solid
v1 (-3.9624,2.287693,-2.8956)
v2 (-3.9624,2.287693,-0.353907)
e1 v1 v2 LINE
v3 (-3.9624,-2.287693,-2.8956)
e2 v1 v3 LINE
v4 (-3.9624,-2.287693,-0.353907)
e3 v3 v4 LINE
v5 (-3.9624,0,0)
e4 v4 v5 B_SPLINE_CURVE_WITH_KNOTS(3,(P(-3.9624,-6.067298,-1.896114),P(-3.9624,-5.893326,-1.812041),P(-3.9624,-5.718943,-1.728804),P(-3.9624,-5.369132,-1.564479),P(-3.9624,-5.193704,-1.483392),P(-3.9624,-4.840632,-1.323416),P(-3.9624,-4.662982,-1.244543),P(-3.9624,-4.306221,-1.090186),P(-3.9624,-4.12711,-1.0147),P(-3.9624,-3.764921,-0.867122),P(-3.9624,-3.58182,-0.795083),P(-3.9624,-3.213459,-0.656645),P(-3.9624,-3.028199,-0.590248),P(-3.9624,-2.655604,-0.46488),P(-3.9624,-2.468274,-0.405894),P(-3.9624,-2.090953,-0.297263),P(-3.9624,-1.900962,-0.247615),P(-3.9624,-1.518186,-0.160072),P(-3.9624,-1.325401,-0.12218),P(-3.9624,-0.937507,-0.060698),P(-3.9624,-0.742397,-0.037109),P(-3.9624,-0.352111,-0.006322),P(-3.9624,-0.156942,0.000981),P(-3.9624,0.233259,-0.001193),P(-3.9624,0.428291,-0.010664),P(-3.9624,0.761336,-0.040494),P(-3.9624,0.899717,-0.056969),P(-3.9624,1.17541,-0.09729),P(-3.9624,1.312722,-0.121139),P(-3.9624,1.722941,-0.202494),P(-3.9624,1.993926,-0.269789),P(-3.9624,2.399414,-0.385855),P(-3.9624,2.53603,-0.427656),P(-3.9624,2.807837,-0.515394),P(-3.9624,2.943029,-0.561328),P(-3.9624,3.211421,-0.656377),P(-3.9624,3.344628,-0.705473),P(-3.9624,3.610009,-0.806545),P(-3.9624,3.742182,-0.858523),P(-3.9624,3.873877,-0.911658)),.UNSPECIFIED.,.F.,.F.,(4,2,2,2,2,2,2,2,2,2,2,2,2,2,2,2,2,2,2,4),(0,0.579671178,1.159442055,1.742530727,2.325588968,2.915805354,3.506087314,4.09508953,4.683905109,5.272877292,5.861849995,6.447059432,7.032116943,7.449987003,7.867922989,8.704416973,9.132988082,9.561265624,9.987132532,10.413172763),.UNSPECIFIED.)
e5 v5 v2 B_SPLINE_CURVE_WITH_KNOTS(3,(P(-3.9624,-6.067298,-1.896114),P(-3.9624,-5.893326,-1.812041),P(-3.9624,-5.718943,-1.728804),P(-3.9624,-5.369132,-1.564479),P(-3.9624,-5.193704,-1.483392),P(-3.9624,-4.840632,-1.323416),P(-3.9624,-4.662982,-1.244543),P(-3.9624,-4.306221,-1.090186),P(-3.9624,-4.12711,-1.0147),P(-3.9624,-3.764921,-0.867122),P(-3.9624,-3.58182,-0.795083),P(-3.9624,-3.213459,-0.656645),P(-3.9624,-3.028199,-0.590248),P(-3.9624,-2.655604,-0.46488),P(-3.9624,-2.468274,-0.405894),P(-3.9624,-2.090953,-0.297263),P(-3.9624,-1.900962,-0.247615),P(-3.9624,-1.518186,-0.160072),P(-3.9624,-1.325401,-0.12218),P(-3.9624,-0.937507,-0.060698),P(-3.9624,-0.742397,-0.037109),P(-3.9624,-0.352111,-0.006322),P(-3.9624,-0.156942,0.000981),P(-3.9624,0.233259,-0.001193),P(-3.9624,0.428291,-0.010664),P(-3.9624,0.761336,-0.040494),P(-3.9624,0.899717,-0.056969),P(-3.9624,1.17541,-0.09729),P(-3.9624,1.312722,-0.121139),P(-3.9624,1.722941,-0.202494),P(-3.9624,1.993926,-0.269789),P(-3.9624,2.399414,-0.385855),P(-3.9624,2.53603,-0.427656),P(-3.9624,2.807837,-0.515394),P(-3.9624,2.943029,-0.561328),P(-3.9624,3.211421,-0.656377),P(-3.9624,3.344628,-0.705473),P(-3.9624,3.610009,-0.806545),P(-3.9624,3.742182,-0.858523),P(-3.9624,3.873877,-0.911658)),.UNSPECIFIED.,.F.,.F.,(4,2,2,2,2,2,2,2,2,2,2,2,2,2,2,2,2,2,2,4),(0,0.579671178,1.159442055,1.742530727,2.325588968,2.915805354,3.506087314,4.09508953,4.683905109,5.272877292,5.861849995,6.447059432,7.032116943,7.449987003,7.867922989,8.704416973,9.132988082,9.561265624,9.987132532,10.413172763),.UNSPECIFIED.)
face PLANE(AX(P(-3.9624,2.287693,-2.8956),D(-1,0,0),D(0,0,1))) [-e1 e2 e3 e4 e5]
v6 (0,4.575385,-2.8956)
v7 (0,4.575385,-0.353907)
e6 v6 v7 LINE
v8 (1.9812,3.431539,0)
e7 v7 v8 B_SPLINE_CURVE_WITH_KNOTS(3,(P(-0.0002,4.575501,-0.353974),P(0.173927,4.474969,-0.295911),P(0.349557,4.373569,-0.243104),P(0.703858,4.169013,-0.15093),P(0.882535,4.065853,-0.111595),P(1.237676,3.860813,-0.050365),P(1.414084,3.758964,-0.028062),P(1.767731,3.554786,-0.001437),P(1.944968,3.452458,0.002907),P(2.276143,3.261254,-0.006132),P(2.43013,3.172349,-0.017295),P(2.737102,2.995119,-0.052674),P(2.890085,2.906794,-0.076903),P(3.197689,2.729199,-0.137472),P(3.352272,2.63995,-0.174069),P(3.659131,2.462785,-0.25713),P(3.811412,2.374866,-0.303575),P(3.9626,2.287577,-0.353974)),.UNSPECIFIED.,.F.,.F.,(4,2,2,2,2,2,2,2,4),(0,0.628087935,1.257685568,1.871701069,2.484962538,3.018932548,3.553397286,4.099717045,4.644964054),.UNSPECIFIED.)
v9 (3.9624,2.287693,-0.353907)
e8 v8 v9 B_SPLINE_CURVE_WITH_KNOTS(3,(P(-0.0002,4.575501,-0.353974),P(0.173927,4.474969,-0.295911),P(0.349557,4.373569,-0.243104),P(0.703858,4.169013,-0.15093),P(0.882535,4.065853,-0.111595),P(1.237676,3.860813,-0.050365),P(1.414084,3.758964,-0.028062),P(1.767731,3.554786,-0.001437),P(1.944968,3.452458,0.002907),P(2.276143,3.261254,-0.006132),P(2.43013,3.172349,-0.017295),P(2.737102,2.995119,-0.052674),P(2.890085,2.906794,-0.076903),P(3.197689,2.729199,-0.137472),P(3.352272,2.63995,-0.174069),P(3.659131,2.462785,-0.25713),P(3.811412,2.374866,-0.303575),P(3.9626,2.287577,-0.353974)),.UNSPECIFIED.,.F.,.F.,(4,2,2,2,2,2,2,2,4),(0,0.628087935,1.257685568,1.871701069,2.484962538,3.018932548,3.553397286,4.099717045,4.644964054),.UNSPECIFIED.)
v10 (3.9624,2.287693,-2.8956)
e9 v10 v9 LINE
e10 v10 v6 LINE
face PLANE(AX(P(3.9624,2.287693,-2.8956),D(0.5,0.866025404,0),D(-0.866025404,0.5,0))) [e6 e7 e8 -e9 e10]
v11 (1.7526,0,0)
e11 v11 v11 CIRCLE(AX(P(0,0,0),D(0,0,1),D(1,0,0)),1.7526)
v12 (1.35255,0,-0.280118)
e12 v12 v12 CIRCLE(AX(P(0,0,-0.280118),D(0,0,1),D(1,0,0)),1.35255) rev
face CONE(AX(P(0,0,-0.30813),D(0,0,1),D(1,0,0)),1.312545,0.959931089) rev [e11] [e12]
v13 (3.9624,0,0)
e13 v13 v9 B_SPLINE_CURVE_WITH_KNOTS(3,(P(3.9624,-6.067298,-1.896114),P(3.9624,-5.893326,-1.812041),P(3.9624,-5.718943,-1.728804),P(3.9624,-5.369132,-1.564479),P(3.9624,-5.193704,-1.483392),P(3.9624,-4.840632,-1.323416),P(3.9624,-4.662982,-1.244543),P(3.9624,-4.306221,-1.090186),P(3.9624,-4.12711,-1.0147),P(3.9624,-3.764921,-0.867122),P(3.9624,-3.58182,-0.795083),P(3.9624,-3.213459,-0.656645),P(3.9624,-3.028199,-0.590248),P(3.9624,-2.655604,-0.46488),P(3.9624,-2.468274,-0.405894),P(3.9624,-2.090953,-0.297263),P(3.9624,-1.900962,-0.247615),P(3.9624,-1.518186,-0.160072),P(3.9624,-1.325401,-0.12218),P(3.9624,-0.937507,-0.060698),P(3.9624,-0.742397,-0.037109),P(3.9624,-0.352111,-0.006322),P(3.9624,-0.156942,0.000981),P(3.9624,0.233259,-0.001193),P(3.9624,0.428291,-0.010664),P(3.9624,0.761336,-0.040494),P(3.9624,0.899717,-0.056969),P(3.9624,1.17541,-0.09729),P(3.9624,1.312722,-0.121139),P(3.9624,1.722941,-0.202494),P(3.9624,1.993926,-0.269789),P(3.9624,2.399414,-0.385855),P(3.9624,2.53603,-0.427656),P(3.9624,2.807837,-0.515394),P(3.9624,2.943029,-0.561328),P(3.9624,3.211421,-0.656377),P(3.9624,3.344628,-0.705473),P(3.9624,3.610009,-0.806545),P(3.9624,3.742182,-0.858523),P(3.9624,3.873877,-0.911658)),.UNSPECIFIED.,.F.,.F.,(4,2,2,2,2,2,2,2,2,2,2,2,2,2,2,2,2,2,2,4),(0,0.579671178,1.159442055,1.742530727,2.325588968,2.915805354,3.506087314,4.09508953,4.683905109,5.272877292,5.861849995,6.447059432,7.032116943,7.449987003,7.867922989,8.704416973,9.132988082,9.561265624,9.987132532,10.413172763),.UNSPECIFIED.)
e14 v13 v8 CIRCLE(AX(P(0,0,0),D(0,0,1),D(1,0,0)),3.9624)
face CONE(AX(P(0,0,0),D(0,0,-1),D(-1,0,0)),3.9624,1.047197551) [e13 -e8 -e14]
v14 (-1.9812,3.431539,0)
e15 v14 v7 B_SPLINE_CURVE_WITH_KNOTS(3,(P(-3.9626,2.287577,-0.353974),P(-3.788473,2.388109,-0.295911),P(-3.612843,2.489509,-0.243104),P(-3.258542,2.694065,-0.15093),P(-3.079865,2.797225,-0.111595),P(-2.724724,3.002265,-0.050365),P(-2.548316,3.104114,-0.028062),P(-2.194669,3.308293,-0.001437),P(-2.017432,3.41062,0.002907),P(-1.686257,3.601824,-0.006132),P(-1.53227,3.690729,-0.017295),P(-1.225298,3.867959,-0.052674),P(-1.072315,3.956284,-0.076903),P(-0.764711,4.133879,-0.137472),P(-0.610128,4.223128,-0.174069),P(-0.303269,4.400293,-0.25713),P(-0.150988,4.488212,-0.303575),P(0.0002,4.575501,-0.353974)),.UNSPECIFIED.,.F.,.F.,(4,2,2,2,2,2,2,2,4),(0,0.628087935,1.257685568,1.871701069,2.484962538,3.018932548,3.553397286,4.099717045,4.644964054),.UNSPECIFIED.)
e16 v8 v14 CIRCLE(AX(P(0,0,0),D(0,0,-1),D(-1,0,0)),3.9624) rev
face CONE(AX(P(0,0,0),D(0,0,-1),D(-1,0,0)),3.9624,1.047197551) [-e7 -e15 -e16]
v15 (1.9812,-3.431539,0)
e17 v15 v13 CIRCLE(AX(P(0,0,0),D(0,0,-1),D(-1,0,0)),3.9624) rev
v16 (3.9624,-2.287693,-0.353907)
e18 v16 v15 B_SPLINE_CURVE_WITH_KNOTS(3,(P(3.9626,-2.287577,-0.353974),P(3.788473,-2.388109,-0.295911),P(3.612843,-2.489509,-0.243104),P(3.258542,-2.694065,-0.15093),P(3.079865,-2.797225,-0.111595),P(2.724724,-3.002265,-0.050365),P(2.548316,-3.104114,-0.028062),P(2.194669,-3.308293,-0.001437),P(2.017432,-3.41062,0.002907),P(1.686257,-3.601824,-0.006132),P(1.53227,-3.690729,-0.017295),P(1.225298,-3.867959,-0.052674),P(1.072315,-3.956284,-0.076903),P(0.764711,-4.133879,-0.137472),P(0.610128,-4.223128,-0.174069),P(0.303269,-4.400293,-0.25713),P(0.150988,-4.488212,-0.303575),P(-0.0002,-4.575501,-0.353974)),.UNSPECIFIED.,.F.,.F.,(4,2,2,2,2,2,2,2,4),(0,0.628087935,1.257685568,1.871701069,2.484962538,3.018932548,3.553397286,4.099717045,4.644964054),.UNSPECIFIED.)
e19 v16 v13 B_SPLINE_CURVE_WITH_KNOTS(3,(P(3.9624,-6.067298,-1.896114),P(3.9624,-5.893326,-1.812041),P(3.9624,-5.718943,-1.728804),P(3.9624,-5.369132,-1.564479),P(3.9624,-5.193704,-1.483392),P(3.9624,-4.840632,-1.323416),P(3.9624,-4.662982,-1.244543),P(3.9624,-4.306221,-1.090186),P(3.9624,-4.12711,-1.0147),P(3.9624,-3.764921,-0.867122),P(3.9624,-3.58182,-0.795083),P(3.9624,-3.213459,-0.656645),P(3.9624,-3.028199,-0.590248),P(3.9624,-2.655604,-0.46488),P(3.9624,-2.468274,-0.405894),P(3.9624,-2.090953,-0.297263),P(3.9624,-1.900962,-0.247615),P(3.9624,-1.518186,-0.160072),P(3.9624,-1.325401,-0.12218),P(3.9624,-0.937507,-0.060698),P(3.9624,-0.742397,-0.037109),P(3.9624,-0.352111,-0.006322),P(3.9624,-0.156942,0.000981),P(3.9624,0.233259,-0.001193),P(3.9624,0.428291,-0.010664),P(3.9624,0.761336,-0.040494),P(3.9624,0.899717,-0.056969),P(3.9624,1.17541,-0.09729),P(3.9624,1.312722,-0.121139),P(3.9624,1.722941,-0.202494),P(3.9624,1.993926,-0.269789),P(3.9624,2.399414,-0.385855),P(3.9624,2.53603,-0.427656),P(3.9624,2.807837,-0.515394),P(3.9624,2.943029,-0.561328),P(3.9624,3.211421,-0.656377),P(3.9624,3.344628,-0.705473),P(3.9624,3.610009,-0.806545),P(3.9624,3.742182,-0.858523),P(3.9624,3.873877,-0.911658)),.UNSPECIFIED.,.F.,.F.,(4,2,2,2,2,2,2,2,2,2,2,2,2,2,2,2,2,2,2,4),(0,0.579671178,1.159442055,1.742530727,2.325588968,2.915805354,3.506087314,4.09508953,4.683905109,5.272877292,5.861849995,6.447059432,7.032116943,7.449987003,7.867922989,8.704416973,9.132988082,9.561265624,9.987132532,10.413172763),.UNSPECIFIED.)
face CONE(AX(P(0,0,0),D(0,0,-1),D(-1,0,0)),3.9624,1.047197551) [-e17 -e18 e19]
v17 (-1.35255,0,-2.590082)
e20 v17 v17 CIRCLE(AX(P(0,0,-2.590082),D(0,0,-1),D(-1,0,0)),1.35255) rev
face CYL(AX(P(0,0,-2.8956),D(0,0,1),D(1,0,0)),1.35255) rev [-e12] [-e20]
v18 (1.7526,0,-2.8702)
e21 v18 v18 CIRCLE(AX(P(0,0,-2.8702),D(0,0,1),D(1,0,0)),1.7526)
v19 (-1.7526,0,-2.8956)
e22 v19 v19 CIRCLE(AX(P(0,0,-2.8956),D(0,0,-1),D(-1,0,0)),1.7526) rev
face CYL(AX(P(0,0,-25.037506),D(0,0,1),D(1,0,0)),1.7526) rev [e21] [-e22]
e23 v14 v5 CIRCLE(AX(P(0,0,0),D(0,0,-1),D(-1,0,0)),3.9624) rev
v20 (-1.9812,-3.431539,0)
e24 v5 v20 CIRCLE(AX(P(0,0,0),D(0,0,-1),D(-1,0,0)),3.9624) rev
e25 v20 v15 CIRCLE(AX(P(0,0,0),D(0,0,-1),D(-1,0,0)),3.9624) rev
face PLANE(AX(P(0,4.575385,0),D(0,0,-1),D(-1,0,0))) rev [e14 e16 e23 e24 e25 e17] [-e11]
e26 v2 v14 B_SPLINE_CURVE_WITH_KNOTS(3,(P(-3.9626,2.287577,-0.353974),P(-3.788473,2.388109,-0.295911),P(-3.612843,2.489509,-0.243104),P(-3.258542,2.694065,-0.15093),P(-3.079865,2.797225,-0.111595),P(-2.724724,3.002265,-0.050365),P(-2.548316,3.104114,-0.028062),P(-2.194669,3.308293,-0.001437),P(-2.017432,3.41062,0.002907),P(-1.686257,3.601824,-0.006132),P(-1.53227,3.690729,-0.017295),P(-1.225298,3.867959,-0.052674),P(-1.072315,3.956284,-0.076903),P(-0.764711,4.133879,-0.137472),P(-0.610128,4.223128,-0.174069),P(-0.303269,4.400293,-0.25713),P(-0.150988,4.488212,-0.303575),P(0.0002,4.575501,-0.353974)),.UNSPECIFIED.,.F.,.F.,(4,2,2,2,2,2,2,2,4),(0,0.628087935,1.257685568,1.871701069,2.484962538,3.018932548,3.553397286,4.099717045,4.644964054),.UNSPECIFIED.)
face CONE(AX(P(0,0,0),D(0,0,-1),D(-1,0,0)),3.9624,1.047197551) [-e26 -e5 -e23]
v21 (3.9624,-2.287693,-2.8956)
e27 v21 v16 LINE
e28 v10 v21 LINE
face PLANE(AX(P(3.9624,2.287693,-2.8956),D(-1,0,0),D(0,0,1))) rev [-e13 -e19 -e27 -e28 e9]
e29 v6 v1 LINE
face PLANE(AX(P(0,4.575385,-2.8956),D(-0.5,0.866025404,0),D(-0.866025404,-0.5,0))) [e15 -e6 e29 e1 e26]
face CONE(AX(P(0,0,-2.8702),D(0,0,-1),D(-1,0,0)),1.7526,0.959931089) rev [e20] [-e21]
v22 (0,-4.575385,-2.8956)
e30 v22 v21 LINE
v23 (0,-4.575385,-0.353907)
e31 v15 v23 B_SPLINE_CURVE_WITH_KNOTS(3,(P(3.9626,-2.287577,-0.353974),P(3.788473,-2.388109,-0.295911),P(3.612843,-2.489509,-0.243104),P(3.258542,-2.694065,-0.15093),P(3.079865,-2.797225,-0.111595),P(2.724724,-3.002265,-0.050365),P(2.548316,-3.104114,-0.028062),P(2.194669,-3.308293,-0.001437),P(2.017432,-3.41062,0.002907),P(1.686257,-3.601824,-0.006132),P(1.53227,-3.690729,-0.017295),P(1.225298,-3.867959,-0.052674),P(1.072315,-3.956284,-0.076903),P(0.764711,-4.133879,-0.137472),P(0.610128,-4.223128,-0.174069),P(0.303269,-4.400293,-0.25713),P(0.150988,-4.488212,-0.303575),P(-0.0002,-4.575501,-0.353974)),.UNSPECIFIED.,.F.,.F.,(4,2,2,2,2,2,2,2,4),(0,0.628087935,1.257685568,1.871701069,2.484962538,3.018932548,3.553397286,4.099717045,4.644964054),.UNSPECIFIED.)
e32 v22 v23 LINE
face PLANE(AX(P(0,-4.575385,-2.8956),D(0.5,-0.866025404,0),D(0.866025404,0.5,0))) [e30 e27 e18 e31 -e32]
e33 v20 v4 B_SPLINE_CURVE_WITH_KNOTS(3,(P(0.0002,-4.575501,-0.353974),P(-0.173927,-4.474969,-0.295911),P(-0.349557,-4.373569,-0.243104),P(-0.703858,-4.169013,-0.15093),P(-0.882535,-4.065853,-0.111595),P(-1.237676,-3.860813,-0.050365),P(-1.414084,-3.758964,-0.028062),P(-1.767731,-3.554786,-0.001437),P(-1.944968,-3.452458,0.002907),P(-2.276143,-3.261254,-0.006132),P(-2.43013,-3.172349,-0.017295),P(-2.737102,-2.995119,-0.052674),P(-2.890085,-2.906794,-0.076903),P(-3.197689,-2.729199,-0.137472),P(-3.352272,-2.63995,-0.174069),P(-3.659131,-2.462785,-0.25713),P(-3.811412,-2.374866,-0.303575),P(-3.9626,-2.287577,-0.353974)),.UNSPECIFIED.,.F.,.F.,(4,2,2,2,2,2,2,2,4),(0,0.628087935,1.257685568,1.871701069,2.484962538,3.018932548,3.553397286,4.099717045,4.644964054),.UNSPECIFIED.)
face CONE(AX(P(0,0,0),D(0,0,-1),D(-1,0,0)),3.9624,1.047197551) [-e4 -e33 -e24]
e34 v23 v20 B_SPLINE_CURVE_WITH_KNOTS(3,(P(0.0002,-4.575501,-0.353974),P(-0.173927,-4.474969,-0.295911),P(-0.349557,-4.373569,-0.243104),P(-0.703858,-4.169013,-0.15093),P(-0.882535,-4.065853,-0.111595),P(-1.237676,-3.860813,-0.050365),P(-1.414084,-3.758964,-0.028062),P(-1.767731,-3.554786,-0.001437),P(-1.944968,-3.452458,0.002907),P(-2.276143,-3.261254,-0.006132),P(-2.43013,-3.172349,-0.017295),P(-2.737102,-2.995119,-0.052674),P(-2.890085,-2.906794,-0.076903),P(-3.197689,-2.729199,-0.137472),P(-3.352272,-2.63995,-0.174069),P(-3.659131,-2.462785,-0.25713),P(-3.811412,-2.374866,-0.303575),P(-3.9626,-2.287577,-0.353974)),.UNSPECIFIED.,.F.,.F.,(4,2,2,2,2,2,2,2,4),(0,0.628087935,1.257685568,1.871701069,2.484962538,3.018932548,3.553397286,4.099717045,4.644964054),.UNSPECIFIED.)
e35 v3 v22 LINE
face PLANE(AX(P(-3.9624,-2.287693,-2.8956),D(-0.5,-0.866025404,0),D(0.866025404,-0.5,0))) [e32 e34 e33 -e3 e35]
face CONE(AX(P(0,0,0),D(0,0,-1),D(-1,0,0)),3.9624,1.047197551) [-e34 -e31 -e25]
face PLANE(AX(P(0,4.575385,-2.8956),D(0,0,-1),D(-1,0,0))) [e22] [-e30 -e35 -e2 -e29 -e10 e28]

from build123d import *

# Parameters (mm, degrees)
BASENUT_START = -2.8956
BASENUTSKE_R  = 1.35255
BASENUT_DEPTH = 2.8956


with BuildPart() as part:
    # BaseNutSke → BaseNut (new body)
    with BuildSketch(Plane.XY.offset(BASENUT_START)):
        Polygon((3.9624, 2.287692707), (3.9624, -2.287692707), (0, -4.575385413), (-3.9624, -2.287692707), (-3.9624, 2.287692707), (0, 4.575385413), align=None)
        Circle(BASENUTSKE_R, mode=Mode.SUBTRACT)
    extrude(amount=BASENUT_DEPTH)

    # Sketch4 → Single-Chamfer (revolve, cut)
    with BuildSketch(Plane(origin=(0, 0, 0), x_dir=(0, 0, -1), z_dir=(1, 0, 0))):
        Polygon((0, 3.9624), (-12.7, 3.9624), (-12.7, 17.275385413), (0.353907293, 17.275385413), (0.353907293, 4.575385413), align=None)
    revolve(axis=Axis((0, 0, 0), (0, 0, -1)), mode=Mode.SUBTRACT)

    # EndChamferSketch → EndChamfer (revolve, cut)
    with BuildSketch(Plane(origin=(0, 0, 0), x_dir=(0, 0, -1), z_dir=(1, 0, 0)), mode=Mode.PRIVATE) as endchamfer_sk:
        Polygon((2.8702, 1.7526), (2.562070172, 1.312545), (2.921, 1.312545), (2.921, 1.7526), align=None)
        Polygon((-0.0508, 1.7526), (0, 1.7526), (0.308129828, 1.312545), (-0.0508, 1.312545), align=None)
    revolve(endchamfer_sk.sketch.rotate(Axis((0, 0, -25.037505729), (0, 0, -1)), 90), axis=Axis((0, 0, -25.037505729), (0, 0, -1)), mode=Mode.SUBTRACT)


solid = part.part
